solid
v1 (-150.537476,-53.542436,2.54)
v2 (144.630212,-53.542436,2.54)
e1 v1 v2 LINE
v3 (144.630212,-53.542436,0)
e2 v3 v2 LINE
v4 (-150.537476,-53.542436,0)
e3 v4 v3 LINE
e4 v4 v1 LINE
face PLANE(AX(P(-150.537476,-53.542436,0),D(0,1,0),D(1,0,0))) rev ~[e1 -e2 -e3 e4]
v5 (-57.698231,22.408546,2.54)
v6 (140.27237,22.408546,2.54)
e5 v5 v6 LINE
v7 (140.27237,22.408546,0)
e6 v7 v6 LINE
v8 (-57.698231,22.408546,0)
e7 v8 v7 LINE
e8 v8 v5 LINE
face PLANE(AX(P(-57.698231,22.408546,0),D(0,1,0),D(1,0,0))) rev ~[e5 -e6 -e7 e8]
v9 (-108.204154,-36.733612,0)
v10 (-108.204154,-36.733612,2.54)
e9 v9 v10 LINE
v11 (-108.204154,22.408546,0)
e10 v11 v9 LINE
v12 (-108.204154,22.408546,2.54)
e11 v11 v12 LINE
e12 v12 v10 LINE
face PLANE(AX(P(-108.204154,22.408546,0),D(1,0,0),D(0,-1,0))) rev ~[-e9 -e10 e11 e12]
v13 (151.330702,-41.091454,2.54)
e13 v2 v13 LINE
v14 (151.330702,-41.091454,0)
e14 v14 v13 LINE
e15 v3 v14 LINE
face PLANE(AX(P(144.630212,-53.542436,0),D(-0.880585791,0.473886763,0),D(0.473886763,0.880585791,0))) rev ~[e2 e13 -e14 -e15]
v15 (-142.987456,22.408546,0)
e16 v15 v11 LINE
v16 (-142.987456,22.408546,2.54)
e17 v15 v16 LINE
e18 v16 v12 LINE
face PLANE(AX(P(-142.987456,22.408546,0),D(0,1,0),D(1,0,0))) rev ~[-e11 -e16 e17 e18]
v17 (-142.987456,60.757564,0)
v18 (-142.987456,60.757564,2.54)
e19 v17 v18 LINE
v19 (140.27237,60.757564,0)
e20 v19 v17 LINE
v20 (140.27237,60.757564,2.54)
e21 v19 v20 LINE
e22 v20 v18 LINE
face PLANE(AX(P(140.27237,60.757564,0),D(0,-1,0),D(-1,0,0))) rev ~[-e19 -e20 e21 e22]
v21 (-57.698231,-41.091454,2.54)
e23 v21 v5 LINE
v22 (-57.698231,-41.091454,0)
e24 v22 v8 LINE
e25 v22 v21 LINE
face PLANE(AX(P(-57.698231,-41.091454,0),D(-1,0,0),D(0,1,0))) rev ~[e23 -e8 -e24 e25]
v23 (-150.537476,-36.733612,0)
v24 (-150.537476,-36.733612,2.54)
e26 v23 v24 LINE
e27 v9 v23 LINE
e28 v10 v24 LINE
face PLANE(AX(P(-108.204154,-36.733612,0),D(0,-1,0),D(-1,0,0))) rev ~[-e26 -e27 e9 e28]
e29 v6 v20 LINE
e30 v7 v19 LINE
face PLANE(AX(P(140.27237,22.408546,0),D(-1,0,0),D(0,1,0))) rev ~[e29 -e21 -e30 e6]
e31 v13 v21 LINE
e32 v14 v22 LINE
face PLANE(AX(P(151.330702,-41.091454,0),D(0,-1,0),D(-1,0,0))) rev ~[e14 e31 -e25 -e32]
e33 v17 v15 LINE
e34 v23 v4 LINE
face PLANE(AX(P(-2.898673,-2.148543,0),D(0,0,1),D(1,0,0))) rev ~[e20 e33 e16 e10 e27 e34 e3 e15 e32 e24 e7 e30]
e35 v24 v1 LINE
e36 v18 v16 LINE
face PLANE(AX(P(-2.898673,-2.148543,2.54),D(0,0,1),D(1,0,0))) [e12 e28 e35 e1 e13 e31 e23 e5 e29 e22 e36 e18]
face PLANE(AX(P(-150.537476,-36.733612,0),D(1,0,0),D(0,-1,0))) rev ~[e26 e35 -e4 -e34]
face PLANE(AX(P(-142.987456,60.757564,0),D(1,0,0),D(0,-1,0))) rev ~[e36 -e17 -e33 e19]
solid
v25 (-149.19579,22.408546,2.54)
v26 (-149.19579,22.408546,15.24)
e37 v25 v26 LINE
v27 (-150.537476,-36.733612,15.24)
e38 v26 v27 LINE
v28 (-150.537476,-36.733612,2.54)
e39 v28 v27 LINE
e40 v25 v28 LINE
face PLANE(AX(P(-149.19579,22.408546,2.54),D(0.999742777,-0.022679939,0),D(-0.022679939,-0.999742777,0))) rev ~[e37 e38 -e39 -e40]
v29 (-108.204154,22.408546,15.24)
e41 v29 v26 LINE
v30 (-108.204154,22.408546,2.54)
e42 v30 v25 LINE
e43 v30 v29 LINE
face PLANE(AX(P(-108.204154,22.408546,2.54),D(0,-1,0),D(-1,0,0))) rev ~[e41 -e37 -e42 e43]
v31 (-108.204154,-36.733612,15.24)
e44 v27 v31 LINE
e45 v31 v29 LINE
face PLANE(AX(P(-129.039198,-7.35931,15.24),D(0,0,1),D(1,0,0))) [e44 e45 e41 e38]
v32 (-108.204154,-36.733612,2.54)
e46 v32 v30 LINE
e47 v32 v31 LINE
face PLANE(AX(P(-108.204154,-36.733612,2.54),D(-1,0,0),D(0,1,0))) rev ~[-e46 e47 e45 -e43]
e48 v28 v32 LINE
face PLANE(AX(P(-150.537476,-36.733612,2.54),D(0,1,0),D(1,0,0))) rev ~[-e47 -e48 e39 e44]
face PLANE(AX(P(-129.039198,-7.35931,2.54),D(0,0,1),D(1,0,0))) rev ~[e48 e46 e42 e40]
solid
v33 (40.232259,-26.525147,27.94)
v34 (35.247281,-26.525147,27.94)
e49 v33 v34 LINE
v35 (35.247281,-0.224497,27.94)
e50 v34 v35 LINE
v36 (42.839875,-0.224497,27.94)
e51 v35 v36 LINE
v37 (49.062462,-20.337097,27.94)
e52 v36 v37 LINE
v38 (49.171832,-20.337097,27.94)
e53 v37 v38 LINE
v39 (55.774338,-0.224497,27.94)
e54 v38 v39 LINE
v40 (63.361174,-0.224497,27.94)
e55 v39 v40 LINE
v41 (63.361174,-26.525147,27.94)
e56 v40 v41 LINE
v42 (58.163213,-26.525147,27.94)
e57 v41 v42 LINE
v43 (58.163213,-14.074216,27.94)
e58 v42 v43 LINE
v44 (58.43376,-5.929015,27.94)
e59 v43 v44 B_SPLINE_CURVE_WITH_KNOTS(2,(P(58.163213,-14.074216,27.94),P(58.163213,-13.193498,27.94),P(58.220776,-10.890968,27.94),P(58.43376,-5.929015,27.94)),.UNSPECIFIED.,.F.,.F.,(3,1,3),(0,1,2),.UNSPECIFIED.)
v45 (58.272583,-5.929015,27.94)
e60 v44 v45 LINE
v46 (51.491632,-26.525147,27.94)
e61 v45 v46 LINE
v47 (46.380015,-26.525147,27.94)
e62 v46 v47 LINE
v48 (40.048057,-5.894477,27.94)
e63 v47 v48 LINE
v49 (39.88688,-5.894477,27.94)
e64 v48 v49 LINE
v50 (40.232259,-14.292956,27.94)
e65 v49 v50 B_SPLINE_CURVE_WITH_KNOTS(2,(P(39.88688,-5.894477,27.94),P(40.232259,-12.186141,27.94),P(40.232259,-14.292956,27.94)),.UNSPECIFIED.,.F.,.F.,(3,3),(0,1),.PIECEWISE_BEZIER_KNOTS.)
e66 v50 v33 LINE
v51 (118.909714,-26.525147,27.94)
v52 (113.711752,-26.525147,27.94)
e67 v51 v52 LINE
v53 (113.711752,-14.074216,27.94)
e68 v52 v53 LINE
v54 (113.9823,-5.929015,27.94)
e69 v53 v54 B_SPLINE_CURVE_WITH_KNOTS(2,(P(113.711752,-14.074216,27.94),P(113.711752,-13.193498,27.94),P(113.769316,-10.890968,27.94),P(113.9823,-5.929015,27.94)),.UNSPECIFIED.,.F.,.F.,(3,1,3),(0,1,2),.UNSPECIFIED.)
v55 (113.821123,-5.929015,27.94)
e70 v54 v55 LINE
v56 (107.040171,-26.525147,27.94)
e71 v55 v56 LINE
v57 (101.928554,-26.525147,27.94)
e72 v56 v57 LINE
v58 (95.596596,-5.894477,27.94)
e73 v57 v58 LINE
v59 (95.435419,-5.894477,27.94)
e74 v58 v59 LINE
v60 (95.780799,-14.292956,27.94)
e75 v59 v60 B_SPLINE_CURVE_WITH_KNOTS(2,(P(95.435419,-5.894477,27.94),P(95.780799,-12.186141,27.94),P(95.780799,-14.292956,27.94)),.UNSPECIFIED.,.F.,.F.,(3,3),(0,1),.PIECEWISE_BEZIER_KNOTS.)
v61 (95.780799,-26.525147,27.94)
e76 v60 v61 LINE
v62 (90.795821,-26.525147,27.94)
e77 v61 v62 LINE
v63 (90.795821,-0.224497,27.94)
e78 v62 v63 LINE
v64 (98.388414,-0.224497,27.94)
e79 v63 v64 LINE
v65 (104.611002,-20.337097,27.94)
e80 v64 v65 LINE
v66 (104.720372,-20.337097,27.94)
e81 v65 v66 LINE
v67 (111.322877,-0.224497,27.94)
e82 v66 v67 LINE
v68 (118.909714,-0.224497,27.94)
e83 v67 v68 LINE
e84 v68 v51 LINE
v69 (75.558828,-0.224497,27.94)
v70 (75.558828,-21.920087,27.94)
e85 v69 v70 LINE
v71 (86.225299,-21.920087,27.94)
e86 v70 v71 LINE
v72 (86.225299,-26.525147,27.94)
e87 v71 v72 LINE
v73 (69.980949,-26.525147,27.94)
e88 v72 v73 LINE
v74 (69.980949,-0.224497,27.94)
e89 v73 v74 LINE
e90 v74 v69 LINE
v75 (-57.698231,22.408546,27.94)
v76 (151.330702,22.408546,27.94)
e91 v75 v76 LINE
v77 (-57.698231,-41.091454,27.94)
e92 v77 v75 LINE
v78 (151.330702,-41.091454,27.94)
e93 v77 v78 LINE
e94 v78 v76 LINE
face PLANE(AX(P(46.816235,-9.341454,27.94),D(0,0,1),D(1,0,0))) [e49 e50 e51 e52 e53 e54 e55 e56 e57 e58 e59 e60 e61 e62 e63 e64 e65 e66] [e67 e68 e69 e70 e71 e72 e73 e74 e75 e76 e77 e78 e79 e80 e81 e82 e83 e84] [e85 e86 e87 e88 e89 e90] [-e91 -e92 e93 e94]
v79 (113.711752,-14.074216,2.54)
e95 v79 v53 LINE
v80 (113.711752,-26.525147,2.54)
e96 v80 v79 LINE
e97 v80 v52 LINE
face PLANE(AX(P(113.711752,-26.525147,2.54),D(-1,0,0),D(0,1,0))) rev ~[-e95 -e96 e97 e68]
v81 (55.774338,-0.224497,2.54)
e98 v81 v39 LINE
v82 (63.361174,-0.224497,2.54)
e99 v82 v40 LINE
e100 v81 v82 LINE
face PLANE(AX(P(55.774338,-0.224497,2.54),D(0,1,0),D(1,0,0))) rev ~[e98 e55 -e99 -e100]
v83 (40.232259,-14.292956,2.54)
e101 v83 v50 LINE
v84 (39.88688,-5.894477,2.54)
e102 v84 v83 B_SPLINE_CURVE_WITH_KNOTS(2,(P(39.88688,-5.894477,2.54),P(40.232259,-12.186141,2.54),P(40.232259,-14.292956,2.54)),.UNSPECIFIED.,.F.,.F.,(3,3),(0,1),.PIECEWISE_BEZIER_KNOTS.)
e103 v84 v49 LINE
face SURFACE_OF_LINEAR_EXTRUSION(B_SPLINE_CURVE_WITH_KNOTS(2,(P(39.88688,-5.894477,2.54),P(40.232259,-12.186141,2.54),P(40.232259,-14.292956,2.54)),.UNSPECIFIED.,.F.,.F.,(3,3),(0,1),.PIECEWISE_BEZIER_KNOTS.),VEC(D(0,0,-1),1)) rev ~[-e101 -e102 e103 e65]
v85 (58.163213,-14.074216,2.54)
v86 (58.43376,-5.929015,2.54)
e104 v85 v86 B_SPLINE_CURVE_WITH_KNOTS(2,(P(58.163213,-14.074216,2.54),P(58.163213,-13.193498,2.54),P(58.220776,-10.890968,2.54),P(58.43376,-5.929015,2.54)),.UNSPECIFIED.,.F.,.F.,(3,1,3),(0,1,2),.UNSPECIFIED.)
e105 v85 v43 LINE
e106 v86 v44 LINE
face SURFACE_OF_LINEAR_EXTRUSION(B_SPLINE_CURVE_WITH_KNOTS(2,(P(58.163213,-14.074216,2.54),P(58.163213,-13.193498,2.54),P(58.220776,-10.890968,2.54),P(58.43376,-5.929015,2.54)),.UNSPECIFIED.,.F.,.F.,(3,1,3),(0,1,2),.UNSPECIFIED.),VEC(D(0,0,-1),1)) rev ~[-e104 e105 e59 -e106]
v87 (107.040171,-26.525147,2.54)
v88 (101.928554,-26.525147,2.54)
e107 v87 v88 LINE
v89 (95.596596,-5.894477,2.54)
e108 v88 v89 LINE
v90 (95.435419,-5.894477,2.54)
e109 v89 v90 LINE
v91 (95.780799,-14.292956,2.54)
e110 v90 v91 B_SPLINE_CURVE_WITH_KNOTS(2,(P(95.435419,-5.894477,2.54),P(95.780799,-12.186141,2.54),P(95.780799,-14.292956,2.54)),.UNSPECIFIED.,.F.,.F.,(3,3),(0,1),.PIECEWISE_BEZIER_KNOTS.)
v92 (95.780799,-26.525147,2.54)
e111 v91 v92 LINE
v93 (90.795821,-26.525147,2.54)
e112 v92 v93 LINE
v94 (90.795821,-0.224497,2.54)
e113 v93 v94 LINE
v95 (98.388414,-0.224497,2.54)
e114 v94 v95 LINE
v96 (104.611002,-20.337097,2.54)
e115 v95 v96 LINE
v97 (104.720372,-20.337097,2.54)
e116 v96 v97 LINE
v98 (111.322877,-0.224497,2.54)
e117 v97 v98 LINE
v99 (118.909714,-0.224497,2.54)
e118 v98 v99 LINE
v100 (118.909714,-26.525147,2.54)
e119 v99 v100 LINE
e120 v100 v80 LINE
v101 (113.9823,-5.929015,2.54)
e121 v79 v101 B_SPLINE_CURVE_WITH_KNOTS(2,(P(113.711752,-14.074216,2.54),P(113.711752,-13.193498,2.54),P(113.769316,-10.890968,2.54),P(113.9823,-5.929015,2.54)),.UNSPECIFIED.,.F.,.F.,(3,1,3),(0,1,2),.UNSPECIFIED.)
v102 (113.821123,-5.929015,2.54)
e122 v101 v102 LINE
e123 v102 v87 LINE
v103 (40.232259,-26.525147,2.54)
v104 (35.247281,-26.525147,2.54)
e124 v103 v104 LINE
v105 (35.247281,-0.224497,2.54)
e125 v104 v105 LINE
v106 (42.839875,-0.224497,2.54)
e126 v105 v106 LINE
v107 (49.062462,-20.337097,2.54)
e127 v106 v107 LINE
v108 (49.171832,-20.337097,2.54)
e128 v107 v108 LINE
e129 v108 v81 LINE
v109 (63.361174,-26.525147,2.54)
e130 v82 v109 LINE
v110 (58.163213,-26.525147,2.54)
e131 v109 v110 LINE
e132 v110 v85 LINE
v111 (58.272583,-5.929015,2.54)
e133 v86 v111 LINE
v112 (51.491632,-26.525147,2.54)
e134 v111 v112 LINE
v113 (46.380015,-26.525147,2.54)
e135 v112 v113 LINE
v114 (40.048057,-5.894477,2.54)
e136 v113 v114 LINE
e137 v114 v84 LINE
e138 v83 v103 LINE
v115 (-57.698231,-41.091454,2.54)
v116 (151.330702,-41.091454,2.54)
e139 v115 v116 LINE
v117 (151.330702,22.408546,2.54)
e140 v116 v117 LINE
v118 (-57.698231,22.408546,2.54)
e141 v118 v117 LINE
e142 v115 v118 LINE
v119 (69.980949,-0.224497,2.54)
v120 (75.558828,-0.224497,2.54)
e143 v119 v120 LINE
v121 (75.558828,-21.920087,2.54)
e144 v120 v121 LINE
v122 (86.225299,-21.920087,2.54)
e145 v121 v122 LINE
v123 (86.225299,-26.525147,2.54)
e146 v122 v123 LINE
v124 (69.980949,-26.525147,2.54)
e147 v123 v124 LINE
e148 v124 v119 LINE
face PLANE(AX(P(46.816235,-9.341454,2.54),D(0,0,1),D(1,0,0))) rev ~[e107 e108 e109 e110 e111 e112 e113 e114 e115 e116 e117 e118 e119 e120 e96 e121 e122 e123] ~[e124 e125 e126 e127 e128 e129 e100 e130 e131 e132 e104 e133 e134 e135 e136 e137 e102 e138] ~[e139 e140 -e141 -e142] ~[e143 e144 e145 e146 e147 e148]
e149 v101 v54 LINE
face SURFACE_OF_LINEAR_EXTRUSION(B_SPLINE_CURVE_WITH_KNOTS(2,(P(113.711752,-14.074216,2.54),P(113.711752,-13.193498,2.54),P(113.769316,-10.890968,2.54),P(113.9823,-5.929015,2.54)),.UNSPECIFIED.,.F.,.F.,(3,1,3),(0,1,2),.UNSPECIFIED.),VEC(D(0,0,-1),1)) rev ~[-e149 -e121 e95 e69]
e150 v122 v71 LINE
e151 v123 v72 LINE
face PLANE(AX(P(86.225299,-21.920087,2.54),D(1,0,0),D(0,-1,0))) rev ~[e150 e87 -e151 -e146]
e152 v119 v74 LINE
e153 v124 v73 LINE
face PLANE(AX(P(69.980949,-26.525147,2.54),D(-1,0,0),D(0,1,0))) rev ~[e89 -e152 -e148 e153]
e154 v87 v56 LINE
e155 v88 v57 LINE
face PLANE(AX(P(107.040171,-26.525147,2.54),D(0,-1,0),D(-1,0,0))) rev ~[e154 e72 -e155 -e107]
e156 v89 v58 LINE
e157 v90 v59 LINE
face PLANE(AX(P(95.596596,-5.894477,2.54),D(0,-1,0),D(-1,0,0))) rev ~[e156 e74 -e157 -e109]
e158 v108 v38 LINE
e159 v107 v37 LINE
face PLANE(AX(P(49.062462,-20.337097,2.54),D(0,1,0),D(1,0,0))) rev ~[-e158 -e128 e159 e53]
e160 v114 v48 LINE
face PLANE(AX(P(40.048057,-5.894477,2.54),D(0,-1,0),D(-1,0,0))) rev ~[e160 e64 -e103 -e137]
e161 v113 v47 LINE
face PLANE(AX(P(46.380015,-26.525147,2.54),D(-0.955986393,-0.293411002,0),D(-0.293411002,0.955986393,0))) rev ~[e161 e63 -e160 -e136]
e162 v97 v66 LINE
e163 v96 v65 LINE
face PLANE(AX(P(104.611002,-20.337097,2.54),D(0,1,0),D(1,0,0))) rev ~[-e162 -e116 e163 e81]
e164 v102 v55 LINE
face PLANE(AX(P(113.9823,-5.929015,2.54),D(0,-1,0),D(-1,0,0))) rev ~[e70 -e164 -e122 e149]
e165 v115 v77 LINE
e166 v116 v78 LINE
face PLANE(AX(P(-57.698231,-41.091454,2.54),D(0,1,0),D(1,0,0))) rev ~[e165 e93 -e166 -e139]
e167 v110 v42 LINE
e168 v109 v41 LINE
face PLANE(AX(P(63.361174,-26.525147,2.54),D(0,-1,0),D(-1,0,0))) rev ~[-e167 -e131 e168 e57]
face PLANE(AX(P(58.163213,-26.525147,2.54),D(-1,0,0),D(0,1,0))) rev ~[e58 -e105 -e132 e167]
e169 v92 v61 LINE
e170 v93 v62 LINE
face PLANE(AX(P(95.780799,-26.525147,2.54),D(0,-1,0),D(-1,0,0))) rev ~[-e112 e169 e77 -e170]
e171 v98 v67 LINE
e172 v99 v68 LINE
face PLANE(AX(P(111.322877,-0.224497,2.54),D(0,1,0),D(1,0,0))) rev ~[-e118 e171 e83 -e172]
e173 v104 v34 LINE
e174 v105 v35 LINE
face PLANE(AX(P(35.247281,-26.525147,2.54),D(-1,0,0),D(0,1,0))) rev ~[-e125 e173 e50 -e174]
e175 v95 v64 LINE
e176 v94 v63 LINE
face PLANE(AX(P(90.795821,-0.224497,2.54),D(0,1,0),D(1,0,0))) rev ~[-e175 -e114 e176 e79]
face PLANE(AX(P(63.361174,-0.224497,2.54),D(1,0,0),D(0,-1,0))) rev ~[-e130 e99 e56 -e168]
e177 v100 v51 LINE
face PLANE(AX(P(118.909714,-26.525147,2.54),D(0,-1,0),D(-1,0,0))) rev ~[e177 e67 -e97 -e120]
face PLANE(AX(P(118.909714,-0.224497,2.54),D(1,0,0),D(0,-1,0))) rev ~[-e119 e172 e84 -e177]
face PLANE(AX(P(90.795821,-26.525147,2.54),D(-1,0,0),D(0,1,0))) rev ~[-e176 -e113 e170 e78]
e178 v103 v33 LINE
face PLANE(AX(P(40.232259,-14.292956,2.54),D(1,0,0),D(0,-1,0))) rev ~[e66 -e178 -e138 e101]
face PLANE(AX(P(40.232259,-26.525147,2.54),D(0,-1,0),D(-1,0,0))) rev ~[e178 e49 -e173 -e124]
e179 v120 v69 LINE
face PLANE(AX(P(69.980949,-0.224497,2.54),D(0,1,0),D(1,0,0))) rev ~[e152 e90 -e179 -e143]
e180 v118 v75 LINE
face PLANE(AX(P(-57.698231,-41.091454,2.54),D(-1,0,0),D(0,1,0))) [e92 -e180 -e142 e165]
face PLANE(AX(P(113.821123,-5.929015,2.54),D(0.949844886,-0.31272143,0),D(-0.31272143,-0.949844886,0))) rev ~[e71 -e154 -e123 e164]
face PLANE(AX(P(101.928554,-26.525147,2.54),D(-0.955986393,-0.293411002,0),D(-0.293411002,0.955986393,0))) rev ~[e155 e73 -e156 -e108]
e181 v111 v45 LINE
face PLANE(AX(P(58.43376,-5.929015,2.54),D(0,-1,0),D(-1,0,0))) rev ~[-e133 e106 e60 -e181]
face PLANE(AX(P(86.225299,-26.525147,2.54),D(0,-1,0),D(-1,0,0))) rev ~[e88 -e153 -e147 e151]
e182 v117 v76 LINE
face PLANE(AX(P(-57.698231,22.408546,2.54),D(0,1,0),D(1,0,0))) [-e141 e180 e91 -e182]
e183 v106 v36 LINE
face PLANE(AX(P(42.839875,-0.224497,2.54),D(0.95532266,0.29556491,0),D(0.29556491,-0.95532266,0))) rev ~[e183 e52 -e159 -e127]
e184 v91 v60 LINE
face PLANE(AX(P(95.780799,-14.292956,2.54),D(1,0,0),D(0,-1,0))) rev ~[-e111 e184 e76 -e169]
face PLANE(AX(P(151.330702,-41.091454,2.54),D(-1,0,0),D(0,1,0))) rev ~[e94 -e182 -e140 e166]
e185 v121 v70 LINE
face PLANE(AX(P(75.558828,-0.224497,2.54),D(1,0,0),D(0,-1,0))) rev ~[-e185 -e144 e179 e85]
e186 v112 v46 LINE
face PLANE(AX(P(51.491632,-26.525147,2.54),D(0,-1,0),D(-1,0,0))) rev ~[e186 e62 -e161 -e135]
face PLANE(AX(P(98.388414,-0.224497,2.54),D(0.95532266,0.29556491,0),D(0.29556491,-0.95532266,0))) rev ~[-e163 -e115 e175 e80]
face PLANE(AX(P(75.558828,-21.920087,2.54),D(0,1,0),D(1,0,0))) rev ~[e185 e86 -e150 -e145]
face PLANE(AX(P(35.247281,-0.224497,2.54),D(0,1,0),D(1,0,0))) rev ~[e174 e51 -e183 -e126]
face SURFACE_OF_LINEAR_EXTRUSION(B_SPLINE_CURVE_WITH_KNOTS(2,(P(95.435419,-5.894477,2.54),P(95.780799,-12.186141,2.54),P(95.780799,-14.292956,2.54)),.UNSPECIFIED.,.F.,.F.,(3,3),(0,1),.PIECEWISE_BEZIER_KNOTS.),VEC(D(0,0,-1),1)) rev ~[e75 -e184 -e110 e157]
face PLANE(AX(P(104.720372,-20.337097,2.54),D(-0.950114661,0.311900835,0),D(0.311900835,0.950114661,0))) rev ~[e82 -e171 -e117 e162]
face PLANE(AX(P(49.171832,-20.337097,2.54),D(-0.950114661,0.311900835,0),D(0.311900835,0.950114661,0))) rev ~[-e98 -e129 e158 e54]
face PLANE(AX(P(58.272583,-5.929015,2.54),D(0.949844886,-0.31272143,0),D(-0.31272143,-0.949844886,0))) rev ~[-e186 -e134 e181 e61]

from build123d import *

# Parameters (mm, degrees)
F1_DEPTH = 2.54
F2_W     = 209.0289330468
F2_H     = 63.5
F3_DEPTH = 25.4
F5_DEPTH = 12.7


with BuildPart() as f1:
    # F0 (on Top) → F1 (new body)
    with BuildSketch(Plane.XY):
        Polygon((-150.5374759429, -36.733612048), (-150.5374759429, -53.5424363695), (144.6302120238, -53.5424363695), (151.3307016242, -41.091453577), (-57.6982314226, -41.091453577), (-57.6982314226, 22.408546423), (140.2723704948, 22.408546423), (140.2723704948, 60.7575636305), (-142.9874562062, 60.7575636305), (-142.9874562062, 22.408546423), (-108.2041540353, 22.408546423), (-108.2041540353, -36.733612048), align=None)
    extrude(amount=F1_DEPTH)


with BuildPart() as f3:
    # F2 (on face) → F3 (new body)
    with BuildSketch(Plane.XY.offset(2.54)):
        with Locations((46.8162351008, -9.341453577)):
            Rectangle(F2_W, F2_H)
        with BuildLine():
            Line((51.4916315393, -26.5251472592), (46.3800146196, -26.5251472592))
            Line((46.3800146196, -26.5251472592), (40.0480567235, -5.8944771687))
            Line((40.0480567235, -5.8944771687), (39.8868796134, -5.8944771687))
            add(Edge.make_bspline(
                [(39.8868796134, -5.8944771687), (40.232259135, -12.1861407873), (40.232259135, -14.2929558691)],
                knots=[0, 0, 0, 1, 1, 1], degree=2))
            Line((40.232259135, -14.2929558691), (40.232259135, -26.5251472592))
            Line((40.232259135, -26.5251472592), (35.2472813732, -26.5251472592))
            Line((35.2472813732, -26.5251472592), (35.2472813732, -0.224496689))
            Line((35.2472813732, -0.224496689), (42.8398745231, -0.224496689))
            Line((42.8398745231, -0.224496689), (49.0624622374, -20.3370974972))
            Line((49.0624622374, -20.3370974972), (49.1718324192, -20.3370974972))
            Line((49.1718324192, -20.3370974972), (55.7743376072, -0.224496689))
            Line((55.7743376072, -0.224496689), (63.3611744318, -0.224496689))
            Line((63.3611744318, -0.224496689), (63.3611744318, -26.5251472592))
            Line((63.3611744318, -26.5251472592), (58.1632126317, -26.5251472592))
            Line((58.1632126317, -26.5251472592), (58.1632126317, -14.0742155054))
            add(Edge.make_bspline(
                [(58.1632126317, -14.0742155054), (58.1632126317, -13.1934977253), (58.1919942585, -12.0422326533)],
                knots=[0, 0, 0, 1, 1, 1], degree=2))
            add(Edge.make_bspline(
                [(58.1919942585, -12.0422326533), (58.2207758853, -10.8909675813), (58.4337599236, -5.9290151209)],
                knots=[0, 0, 0, 1, 1, 1], degree=2))
            Line((58.4337599236, -5.9290151209), (58.2725828135, -5.9290151209))
            Line((58.2725828135, -5.9290151209), (51.4916315393, -26.5251472592))
        make_face(mode=Mode.SUBTRACT)
        Polygon((86.225298762, -26.5251472592), (69.9809485959, -26.5251472592), (69.9809485959, -0.224496689), (75.5588278698, -0.224496689), (75.5588278698, -21.9200869712), (86.225298762, -21.9200869712), align=None, mode=Mode.SUBTRACT)
        with BuildLine():
            Line((107.0401712641, -26.5251472592), (101.9285543443, -26.5251472592))
            Line((101.9285543443, -26.5251472592), (95.5965964483, -5.8944771687))
            Line((95.5965964483, -5.8944771687), (95.4354193382, -5.8944771687))
            add(Edge.make_bspline(
                [(95.4354193382, -5.8944771687), (95.7807988598, -12.1861407873), (95.7807988598, -14.2929558691)],
                knots=[0, 0, 0, 1, 1, 1], degree=2))
            Line((95.7807988598, -14.2929558691), (95.7807988598, -26.5251472592))
            Line((95.7807988598, -26.5251472592), (90.795821098, -26.5251472592))
            Line((90.795821098, -26.5251472592), (90.795821098, -0.224496689))
            Line((90.795821098, -0.224496689), (98.3884142479, -0.224496689))
            Line((98.3884142479, -0.224496689), (104.6110019621, -20.3370974972))
            Line((104.6110019621, -20.3370974972), (104.720372144, -20.3370974972))
            Line((104.720372144, -20.3370974972), (111.322877332, -0.224496689))
            Line((111.322877332, -0.224496689), (118.9097141566, -0.224496689))
            Line((118.9097141566, -0.224496689), (118.9097141566, -26.5251472592))
            Line((118.9097141566, -26.5251472592), (113.7117523564, -26.5251472592))
            Line((113.7117523564, -26.5251472592), (113.7117523564, -14.0742155054))
            add(Edge.make_bspline(
                [(113.7117523564, -14.0742155054), (113.7117523564, -13.1934977253), (113.7405339832, -12.0422326533)],
                knots=[0, 0, 0, 1, 1, 1], degree=2))
            add(Edge.make_bspline(
                [(113.7405339832, -12.0422326533), (113.76931561, -10.8909675813), (113.9822996483, -5.9290151209)],
                knots=[0, 0, 0, 1, 1, 1], degree=2))
            Line((113.9822996483, -5.9290151209), (113.8211225383, -5.9290151209))
            Line((113.8211225383, -5.9290151209), (107.0401712641, -26.5251472592))
        make_face(mode=Mode.SUBTRACT)
    extrude(amount=F3_DEPTH)


with BuildPart() as f5:
    # F4 (on face) → F5 (new body)
    with BuildSketch(Plane.XY.offset(2.54)):
        Polygon((-108.2041540353, 22.408546423), (-136.159107089, 22.408546423), (-149.1957902908, 22.408546423), (-150.5374759429, -36.733612048), (-108.2041540353, -36.733612048), align=None)
    extrude(amount=F5_DEPTH)


solid = Compound([f1.part, f3.part, f5.part])
